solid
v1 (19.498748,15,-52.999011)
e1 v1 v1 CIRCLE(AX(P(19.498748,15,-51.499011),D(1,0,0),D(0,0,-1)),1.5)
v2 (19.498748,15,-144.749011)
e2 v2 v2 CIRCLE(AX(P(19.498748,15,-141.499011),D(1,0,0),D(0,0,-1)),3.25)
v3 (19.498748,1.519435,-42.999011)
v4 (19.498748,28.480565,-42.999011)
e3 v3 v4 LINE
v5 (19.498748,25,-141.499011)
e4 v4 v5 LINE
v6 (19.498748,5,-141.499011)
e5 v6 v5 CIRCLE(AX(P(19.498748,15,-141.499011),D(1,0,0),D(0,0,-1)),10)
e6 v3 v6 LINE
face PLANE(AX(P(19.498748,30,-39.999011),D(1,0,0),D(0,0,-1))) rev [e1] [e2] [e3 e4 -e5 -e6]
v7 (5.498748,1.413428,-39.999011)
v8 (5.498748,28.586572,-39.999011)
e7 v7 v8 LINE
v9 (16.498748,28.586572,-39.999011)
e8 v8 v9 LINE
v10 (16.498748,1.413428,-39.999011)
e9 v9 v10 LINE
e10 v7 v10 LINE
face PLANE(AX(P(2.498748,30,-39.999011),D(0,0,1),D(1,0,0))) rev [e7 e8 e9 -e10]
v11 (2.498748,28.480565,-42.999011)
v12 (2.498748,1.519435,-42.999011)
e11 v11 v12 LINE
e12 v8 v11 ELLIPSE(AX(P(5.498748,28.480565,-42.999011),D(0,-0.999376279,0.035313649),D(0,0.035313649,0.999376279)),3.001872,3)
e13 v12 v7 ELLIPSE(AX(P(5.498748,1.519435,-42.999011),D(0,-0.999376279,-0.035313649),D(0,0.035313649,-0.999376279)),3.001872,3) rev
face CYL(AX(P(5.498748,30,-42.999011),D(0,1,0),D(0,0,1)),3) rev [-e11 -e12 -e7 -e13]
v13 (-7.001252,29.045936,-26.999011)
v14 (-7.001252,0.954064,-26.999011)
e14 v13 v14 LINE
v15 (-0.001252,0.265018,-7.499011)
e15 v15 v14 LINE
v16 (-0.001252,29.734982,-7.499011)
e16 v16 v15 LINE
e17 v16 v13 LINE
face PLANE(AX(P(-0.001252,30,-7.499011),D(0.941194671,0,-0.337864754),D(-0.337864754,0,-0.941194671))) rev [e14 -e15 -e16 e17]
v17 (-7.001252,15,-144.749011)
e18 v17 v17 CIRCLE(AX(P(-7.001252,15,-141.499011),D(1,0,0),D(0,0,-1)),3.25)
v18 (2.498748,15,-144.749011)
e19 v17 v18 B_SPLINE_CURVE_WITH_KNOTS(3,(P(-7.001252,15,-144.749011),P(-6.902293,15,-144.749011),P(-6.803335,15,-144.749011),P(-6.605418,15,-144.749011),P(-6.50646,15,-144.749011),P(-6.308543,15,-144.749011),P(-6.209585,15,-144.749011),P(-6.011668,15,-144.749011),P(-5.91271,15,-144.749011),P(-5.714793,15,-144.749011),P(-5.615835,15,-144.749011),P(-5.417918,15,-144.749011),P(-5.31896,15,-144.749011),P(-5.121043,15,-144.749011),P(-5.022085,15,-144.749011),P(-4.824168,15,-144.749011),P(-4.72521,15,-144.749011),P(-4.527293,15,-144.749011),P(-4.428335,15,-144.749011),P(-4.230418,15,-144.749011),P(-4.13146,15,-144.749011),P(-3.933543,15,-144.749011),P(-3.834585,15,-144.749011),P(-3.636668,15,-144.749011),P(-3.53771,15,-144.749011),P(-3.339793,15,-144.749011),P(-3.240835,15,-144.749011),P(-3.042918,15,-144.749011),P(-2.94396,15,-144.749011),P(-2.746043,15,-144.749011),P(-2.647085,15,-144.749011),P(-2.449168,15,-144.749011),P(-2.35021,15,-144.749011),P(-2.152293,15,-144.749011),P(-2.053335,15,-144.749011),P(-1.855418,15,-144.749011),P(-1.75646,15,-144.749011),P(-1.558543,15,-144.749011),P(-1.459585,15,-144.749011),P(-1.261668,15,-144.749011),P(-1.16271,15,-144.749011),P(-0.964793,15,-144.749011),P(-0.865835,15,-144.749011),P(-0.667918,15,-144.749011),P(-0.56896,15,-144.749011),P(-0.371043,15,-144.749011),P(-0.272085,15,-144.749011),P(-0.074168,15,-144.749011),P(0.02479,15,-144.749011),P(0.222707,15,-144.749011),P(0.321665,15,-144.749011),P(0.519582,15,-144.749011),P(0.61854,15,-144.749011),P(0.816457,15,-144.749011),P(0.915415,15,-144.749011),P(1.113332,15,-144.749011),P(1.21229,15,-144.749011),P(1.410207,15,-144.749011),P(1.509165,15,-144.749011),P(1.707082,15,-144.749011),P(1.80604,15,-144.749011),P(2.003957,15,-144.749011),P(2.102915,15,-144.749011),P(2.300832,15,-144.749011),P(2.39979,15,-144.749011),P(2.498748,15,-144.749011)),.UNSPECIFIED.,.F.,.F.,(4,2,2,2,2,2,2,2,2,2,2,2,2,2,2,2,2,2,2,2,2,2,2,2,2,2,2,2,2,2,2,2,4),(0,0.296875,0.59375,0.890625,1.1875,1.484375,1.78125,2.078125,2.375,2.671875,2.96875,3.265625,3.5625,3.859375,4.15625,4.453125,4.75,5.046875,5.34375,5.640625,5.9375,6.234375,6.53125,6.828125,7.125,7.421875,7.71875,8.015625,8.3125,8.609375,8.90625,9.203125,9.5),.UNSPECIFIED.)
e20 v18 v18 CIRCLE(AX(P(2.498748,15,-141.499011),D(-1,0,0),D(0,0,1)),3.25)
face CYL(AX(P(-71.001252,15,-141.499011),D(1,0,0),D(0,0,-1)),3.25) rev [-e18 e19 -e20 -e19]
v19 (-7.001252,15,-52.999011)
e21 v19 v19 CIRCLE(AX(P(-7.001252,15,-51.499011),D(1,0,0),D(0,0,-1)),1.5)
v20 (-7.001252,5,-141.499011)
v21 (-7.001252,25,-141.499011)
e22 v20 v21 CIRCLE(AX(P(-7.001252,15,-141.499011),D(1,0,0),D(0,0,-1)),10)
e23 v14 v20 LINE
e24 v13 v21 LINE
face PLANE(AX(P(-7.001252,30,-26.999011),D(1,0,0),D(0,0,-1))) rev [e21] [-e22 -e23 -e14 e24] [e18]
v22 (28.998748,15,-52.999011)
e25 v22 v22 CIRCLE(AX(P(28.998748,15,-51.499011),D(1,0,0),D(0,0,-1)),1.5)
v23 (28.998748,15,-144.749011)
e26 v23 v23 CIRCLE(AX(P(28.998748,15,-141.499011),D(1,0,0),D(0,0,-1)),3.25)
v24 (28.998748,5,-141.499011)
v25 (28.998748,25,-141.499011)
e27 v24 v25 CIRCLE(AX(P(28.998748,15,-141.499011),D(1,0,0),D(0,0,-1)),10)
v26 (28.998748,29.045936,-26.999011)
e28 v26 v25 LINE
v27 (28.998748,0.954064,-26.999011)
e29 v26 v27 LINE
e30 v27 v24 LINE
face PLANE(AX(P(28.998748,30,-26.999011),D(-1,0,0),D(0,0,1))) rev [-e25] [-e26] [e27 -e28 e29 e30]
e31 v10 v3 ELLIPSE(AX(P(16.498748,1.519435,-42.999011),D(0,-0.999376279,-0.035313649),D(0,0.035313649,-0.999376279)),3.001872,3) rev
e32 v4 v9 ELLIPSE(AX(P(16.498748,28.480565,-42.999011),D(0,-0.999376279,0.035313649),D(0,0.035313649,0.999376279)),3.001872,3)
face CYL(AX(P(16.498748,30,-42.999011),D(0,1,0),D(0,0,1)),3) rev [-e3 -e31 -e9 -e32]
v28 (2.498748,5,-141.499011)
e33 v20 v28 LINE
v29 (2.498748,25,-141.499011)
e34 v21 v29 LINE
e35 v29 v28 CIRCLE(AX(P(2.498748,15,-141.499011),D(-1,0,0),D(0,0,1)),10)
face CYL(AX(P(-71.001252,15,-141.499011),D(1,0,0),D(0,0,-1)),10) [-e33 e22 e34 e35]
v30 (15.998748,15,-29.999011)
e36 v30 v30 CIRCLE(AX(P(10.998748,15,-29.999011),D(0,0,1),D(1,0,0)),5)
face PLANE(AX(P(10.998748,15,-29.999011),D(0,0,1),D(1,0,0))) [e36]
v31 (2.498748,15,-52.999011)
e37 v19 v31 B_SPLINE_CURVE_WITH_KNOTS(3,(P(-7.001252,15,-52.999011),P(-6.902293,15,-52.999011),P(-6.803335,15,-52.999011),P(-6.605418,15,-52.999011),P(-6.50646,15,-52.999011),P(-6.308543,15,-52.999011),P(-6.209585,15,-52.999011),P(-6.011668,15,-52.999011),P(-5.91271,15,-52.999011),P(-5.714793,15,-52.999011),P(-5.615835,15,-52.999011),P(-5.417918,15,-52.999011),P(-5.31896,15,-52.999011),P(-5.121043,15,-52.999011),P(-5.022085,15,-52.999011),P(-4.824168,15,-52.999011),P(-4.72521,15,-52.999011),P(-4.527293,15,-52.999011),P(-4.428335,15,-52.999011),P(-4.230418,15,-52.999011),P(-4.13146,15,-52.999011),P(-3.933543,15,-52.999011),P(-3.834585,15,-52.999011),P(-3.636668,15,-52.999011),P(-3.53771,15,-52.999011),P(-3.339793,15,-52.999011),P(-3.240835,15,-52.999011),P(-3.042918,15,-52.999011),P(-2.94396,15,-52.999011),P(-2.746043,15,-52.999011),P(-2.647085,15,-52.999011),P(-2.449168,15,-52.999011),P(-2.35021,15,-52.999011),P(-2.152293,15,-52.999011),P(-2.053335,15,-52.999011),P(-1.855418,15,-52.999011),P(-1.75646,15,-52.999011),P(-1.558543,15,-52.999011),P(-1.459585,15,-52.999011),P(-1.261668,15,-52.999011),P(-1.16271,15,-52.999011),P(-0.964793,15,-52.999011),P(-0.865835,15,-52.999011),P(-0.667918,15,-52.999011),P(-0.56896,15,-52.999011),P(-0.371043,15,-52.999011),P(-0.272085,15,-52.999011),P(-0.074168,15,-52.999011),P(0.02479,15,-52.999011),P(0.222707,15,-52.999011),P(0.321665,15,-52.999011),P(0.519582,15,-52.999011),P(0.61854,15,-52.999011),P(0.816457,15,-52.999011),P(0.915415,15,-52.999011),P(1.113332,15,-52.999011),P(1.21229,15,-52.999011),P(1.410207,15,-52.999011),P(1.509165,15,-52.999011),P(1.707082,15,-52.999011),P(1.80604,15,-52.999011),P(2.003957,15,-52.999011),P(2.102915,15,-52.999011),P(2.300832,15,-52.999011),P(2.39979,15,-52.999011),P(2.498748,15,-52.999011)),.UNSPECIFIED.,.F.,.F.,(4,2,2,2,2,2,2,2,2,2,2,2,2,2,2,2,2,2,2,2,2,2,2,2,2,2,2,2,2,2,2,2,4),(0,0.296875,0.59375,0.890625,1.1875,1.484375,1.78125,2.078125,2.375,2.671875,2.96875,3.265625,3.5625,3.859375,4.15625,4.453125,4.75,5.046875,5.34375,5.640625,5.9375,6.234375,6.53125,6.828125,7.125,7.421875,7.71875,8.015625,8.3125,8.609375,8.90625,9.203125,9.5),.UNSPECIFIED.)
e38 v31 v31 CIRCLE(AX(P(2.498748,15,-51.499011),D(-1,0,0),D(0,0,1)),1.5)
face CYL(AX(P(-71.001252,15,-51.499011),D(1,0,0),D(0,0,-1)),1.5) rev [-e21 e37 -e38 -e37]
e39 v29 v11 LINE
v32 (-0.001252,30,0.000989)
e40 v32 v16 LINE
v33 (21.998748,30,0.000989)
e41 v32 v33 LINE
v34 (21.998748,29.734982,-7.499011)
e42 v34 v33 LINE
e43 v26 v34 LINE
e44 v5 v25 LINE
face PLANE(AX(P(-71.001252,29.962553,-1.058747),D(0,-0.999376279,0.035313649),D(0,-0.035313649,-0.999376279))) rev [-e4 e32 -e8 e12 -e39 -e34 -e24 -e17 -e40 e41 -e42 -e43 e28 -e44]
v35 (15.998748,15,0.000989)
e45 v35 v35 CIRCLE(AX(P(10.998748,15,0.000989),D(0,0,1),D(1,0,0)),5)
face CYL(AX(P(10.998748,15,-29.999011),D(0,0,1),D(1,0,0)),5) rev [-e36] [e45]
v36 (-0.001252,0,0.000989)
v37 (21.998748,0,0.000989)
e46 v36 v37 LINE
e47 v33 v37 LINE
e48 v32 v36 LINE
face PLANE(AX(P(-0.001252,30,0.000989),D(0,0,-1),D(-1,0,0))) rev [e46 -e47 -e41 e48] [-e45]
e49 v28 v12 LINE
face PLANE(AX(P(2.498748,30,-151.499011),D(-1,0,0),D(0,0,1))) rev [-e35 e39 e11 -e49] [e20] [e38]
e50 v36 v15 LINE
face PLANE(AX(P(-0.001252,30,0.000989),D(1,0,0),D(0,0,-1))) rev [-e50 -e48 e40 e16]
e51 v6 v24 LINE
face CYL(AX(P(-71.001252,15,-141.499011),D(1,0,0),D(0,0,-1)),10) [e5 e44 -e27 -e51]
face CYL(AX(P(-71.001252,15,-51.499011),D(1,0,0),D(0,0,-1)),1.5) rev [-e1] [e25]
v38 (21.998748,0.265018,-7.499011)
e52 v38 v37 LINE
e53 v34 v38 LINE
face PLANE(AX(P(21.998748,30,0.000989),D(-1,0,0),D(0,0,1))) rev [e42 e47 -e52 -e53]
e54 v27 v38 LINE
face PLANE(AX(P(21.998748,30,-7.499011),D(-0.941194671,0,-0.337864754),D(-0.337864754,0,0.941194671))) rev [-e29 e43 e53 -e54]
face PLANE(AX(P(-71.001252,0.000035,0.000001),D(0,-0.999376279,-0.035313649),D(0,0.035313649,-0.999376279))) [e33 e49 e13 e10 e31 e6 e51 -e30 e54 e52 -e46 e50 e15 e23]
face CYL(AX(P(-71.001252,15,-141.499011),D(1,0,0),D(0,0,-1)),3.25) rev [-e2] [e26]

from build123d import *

# Parameters (mm, degrees)
BOSS_EXTRUDE1_DEPTH = 30
SKETCH3_R           = 1.5
SKETCH3_R_2         = 3.25
CUT_EXTRUDE2_DEPTH  = 100
FILLET1_R           = 3
SKETCH6_R           = 5
CUT_EXTRUDE3_DEPTH  = 30


with BuildPart() as part:
    # Sketch1 → Boss-Extrude1 (new body)
    with BuildSketch(Plane(origin=(0, 0, 0), x_dir=(1, 0, 0), z_dir=(0, 1, 0))):
        Polygon((-7.001251561, 151.499010634), (2.498748439, 151.499010634), (2.498748439, 39.999010634), (19.498748439, 39.999010634), (19.498748439, 151.499010634), (28.998748439, 151.499010634), (28.998748439, 26.999010634), (21.998748439, 7.499010634), (21.998748439, -0.000989366), (-0.001251561, -0.000989366), (-0.001251561, 7.499010634), (-7.001251561, 26.999010634), align=None)
    extrude(amount=BOSS_EXTRUDE1_DEPTH)

    # Sketch3 → Cut-Extrude2 (cut)
    with BuildSketch(Plane(origin=(28.998748439, 0, 0), x_dir=(0, 0, -1), z_dir=(1, 0, 0))):
        with BuildLine():
            Line((26.999010634, 30), (26.999010634, 29.045936396))
            Line((26.999010634, 29.045936396), (141.499010634, 25))
            ThreePointArc((141.499010634, 25), (148.570078446, 22.071067812), (151.499010634, 15))
            Line((151.499010634, 15), (151.499010634, 30))
            Line((151.499010634, 30), (26.999010634, 30))
        make_face()
        with BuildLine():
            Line((141.499010634, 5), (26.999010634, 0.954063604))
            Line((26.999010634, 0.954063604), (26.999010634, 0))
            Line((26.999010634, 0), (151.499010634, 0))
            Line((151.499010634, 0), (151.499010634, 15))
            ThreePointArc((151.499010634, 15), (148.570078446, 7.928932188), (141.499010634, 5))
        make_face()
        Polygon((26.999010634, 30), (-0.000989366, 30), (26.999010634, 29.045936396), align=None)
        Polygon((26.999010634, 0.954063604), (-0.000989366, 0), (26.999010634, 0), align=None)
        with Locations((51.499010634, 15)):
            Circle(SKETCH3_R)
        with Locations((141.499010634, 15)):
            Circle(SKETCH3_R_2)
    extrude(amount=-CUT_EXTRUDE2_DEPTH, mode=Mode.SUBTRACT)

    # Fillet1
    fillet1_edges = [part.edges().sort_by_distance(p)[0] for p in [
        (2.498748439, 15, -39.999010634),
        (19.498748439, 15, -39.999010634),
    ]]
    fillet(fillet1_edges, radius=FILLET1_R)

    # Sketch6 → Cut-Extrude3 (cut)
    with BuildSketch(Plane.XY.offset(0.000989366)):
        with Locations((10.998748439, 15)):
            Circle(SKETCH6_R)
    extrude(amount=-CUT_EXTRUDE3_DEPTH, mode=Mode.SUBTRACT)


solid = part.part
